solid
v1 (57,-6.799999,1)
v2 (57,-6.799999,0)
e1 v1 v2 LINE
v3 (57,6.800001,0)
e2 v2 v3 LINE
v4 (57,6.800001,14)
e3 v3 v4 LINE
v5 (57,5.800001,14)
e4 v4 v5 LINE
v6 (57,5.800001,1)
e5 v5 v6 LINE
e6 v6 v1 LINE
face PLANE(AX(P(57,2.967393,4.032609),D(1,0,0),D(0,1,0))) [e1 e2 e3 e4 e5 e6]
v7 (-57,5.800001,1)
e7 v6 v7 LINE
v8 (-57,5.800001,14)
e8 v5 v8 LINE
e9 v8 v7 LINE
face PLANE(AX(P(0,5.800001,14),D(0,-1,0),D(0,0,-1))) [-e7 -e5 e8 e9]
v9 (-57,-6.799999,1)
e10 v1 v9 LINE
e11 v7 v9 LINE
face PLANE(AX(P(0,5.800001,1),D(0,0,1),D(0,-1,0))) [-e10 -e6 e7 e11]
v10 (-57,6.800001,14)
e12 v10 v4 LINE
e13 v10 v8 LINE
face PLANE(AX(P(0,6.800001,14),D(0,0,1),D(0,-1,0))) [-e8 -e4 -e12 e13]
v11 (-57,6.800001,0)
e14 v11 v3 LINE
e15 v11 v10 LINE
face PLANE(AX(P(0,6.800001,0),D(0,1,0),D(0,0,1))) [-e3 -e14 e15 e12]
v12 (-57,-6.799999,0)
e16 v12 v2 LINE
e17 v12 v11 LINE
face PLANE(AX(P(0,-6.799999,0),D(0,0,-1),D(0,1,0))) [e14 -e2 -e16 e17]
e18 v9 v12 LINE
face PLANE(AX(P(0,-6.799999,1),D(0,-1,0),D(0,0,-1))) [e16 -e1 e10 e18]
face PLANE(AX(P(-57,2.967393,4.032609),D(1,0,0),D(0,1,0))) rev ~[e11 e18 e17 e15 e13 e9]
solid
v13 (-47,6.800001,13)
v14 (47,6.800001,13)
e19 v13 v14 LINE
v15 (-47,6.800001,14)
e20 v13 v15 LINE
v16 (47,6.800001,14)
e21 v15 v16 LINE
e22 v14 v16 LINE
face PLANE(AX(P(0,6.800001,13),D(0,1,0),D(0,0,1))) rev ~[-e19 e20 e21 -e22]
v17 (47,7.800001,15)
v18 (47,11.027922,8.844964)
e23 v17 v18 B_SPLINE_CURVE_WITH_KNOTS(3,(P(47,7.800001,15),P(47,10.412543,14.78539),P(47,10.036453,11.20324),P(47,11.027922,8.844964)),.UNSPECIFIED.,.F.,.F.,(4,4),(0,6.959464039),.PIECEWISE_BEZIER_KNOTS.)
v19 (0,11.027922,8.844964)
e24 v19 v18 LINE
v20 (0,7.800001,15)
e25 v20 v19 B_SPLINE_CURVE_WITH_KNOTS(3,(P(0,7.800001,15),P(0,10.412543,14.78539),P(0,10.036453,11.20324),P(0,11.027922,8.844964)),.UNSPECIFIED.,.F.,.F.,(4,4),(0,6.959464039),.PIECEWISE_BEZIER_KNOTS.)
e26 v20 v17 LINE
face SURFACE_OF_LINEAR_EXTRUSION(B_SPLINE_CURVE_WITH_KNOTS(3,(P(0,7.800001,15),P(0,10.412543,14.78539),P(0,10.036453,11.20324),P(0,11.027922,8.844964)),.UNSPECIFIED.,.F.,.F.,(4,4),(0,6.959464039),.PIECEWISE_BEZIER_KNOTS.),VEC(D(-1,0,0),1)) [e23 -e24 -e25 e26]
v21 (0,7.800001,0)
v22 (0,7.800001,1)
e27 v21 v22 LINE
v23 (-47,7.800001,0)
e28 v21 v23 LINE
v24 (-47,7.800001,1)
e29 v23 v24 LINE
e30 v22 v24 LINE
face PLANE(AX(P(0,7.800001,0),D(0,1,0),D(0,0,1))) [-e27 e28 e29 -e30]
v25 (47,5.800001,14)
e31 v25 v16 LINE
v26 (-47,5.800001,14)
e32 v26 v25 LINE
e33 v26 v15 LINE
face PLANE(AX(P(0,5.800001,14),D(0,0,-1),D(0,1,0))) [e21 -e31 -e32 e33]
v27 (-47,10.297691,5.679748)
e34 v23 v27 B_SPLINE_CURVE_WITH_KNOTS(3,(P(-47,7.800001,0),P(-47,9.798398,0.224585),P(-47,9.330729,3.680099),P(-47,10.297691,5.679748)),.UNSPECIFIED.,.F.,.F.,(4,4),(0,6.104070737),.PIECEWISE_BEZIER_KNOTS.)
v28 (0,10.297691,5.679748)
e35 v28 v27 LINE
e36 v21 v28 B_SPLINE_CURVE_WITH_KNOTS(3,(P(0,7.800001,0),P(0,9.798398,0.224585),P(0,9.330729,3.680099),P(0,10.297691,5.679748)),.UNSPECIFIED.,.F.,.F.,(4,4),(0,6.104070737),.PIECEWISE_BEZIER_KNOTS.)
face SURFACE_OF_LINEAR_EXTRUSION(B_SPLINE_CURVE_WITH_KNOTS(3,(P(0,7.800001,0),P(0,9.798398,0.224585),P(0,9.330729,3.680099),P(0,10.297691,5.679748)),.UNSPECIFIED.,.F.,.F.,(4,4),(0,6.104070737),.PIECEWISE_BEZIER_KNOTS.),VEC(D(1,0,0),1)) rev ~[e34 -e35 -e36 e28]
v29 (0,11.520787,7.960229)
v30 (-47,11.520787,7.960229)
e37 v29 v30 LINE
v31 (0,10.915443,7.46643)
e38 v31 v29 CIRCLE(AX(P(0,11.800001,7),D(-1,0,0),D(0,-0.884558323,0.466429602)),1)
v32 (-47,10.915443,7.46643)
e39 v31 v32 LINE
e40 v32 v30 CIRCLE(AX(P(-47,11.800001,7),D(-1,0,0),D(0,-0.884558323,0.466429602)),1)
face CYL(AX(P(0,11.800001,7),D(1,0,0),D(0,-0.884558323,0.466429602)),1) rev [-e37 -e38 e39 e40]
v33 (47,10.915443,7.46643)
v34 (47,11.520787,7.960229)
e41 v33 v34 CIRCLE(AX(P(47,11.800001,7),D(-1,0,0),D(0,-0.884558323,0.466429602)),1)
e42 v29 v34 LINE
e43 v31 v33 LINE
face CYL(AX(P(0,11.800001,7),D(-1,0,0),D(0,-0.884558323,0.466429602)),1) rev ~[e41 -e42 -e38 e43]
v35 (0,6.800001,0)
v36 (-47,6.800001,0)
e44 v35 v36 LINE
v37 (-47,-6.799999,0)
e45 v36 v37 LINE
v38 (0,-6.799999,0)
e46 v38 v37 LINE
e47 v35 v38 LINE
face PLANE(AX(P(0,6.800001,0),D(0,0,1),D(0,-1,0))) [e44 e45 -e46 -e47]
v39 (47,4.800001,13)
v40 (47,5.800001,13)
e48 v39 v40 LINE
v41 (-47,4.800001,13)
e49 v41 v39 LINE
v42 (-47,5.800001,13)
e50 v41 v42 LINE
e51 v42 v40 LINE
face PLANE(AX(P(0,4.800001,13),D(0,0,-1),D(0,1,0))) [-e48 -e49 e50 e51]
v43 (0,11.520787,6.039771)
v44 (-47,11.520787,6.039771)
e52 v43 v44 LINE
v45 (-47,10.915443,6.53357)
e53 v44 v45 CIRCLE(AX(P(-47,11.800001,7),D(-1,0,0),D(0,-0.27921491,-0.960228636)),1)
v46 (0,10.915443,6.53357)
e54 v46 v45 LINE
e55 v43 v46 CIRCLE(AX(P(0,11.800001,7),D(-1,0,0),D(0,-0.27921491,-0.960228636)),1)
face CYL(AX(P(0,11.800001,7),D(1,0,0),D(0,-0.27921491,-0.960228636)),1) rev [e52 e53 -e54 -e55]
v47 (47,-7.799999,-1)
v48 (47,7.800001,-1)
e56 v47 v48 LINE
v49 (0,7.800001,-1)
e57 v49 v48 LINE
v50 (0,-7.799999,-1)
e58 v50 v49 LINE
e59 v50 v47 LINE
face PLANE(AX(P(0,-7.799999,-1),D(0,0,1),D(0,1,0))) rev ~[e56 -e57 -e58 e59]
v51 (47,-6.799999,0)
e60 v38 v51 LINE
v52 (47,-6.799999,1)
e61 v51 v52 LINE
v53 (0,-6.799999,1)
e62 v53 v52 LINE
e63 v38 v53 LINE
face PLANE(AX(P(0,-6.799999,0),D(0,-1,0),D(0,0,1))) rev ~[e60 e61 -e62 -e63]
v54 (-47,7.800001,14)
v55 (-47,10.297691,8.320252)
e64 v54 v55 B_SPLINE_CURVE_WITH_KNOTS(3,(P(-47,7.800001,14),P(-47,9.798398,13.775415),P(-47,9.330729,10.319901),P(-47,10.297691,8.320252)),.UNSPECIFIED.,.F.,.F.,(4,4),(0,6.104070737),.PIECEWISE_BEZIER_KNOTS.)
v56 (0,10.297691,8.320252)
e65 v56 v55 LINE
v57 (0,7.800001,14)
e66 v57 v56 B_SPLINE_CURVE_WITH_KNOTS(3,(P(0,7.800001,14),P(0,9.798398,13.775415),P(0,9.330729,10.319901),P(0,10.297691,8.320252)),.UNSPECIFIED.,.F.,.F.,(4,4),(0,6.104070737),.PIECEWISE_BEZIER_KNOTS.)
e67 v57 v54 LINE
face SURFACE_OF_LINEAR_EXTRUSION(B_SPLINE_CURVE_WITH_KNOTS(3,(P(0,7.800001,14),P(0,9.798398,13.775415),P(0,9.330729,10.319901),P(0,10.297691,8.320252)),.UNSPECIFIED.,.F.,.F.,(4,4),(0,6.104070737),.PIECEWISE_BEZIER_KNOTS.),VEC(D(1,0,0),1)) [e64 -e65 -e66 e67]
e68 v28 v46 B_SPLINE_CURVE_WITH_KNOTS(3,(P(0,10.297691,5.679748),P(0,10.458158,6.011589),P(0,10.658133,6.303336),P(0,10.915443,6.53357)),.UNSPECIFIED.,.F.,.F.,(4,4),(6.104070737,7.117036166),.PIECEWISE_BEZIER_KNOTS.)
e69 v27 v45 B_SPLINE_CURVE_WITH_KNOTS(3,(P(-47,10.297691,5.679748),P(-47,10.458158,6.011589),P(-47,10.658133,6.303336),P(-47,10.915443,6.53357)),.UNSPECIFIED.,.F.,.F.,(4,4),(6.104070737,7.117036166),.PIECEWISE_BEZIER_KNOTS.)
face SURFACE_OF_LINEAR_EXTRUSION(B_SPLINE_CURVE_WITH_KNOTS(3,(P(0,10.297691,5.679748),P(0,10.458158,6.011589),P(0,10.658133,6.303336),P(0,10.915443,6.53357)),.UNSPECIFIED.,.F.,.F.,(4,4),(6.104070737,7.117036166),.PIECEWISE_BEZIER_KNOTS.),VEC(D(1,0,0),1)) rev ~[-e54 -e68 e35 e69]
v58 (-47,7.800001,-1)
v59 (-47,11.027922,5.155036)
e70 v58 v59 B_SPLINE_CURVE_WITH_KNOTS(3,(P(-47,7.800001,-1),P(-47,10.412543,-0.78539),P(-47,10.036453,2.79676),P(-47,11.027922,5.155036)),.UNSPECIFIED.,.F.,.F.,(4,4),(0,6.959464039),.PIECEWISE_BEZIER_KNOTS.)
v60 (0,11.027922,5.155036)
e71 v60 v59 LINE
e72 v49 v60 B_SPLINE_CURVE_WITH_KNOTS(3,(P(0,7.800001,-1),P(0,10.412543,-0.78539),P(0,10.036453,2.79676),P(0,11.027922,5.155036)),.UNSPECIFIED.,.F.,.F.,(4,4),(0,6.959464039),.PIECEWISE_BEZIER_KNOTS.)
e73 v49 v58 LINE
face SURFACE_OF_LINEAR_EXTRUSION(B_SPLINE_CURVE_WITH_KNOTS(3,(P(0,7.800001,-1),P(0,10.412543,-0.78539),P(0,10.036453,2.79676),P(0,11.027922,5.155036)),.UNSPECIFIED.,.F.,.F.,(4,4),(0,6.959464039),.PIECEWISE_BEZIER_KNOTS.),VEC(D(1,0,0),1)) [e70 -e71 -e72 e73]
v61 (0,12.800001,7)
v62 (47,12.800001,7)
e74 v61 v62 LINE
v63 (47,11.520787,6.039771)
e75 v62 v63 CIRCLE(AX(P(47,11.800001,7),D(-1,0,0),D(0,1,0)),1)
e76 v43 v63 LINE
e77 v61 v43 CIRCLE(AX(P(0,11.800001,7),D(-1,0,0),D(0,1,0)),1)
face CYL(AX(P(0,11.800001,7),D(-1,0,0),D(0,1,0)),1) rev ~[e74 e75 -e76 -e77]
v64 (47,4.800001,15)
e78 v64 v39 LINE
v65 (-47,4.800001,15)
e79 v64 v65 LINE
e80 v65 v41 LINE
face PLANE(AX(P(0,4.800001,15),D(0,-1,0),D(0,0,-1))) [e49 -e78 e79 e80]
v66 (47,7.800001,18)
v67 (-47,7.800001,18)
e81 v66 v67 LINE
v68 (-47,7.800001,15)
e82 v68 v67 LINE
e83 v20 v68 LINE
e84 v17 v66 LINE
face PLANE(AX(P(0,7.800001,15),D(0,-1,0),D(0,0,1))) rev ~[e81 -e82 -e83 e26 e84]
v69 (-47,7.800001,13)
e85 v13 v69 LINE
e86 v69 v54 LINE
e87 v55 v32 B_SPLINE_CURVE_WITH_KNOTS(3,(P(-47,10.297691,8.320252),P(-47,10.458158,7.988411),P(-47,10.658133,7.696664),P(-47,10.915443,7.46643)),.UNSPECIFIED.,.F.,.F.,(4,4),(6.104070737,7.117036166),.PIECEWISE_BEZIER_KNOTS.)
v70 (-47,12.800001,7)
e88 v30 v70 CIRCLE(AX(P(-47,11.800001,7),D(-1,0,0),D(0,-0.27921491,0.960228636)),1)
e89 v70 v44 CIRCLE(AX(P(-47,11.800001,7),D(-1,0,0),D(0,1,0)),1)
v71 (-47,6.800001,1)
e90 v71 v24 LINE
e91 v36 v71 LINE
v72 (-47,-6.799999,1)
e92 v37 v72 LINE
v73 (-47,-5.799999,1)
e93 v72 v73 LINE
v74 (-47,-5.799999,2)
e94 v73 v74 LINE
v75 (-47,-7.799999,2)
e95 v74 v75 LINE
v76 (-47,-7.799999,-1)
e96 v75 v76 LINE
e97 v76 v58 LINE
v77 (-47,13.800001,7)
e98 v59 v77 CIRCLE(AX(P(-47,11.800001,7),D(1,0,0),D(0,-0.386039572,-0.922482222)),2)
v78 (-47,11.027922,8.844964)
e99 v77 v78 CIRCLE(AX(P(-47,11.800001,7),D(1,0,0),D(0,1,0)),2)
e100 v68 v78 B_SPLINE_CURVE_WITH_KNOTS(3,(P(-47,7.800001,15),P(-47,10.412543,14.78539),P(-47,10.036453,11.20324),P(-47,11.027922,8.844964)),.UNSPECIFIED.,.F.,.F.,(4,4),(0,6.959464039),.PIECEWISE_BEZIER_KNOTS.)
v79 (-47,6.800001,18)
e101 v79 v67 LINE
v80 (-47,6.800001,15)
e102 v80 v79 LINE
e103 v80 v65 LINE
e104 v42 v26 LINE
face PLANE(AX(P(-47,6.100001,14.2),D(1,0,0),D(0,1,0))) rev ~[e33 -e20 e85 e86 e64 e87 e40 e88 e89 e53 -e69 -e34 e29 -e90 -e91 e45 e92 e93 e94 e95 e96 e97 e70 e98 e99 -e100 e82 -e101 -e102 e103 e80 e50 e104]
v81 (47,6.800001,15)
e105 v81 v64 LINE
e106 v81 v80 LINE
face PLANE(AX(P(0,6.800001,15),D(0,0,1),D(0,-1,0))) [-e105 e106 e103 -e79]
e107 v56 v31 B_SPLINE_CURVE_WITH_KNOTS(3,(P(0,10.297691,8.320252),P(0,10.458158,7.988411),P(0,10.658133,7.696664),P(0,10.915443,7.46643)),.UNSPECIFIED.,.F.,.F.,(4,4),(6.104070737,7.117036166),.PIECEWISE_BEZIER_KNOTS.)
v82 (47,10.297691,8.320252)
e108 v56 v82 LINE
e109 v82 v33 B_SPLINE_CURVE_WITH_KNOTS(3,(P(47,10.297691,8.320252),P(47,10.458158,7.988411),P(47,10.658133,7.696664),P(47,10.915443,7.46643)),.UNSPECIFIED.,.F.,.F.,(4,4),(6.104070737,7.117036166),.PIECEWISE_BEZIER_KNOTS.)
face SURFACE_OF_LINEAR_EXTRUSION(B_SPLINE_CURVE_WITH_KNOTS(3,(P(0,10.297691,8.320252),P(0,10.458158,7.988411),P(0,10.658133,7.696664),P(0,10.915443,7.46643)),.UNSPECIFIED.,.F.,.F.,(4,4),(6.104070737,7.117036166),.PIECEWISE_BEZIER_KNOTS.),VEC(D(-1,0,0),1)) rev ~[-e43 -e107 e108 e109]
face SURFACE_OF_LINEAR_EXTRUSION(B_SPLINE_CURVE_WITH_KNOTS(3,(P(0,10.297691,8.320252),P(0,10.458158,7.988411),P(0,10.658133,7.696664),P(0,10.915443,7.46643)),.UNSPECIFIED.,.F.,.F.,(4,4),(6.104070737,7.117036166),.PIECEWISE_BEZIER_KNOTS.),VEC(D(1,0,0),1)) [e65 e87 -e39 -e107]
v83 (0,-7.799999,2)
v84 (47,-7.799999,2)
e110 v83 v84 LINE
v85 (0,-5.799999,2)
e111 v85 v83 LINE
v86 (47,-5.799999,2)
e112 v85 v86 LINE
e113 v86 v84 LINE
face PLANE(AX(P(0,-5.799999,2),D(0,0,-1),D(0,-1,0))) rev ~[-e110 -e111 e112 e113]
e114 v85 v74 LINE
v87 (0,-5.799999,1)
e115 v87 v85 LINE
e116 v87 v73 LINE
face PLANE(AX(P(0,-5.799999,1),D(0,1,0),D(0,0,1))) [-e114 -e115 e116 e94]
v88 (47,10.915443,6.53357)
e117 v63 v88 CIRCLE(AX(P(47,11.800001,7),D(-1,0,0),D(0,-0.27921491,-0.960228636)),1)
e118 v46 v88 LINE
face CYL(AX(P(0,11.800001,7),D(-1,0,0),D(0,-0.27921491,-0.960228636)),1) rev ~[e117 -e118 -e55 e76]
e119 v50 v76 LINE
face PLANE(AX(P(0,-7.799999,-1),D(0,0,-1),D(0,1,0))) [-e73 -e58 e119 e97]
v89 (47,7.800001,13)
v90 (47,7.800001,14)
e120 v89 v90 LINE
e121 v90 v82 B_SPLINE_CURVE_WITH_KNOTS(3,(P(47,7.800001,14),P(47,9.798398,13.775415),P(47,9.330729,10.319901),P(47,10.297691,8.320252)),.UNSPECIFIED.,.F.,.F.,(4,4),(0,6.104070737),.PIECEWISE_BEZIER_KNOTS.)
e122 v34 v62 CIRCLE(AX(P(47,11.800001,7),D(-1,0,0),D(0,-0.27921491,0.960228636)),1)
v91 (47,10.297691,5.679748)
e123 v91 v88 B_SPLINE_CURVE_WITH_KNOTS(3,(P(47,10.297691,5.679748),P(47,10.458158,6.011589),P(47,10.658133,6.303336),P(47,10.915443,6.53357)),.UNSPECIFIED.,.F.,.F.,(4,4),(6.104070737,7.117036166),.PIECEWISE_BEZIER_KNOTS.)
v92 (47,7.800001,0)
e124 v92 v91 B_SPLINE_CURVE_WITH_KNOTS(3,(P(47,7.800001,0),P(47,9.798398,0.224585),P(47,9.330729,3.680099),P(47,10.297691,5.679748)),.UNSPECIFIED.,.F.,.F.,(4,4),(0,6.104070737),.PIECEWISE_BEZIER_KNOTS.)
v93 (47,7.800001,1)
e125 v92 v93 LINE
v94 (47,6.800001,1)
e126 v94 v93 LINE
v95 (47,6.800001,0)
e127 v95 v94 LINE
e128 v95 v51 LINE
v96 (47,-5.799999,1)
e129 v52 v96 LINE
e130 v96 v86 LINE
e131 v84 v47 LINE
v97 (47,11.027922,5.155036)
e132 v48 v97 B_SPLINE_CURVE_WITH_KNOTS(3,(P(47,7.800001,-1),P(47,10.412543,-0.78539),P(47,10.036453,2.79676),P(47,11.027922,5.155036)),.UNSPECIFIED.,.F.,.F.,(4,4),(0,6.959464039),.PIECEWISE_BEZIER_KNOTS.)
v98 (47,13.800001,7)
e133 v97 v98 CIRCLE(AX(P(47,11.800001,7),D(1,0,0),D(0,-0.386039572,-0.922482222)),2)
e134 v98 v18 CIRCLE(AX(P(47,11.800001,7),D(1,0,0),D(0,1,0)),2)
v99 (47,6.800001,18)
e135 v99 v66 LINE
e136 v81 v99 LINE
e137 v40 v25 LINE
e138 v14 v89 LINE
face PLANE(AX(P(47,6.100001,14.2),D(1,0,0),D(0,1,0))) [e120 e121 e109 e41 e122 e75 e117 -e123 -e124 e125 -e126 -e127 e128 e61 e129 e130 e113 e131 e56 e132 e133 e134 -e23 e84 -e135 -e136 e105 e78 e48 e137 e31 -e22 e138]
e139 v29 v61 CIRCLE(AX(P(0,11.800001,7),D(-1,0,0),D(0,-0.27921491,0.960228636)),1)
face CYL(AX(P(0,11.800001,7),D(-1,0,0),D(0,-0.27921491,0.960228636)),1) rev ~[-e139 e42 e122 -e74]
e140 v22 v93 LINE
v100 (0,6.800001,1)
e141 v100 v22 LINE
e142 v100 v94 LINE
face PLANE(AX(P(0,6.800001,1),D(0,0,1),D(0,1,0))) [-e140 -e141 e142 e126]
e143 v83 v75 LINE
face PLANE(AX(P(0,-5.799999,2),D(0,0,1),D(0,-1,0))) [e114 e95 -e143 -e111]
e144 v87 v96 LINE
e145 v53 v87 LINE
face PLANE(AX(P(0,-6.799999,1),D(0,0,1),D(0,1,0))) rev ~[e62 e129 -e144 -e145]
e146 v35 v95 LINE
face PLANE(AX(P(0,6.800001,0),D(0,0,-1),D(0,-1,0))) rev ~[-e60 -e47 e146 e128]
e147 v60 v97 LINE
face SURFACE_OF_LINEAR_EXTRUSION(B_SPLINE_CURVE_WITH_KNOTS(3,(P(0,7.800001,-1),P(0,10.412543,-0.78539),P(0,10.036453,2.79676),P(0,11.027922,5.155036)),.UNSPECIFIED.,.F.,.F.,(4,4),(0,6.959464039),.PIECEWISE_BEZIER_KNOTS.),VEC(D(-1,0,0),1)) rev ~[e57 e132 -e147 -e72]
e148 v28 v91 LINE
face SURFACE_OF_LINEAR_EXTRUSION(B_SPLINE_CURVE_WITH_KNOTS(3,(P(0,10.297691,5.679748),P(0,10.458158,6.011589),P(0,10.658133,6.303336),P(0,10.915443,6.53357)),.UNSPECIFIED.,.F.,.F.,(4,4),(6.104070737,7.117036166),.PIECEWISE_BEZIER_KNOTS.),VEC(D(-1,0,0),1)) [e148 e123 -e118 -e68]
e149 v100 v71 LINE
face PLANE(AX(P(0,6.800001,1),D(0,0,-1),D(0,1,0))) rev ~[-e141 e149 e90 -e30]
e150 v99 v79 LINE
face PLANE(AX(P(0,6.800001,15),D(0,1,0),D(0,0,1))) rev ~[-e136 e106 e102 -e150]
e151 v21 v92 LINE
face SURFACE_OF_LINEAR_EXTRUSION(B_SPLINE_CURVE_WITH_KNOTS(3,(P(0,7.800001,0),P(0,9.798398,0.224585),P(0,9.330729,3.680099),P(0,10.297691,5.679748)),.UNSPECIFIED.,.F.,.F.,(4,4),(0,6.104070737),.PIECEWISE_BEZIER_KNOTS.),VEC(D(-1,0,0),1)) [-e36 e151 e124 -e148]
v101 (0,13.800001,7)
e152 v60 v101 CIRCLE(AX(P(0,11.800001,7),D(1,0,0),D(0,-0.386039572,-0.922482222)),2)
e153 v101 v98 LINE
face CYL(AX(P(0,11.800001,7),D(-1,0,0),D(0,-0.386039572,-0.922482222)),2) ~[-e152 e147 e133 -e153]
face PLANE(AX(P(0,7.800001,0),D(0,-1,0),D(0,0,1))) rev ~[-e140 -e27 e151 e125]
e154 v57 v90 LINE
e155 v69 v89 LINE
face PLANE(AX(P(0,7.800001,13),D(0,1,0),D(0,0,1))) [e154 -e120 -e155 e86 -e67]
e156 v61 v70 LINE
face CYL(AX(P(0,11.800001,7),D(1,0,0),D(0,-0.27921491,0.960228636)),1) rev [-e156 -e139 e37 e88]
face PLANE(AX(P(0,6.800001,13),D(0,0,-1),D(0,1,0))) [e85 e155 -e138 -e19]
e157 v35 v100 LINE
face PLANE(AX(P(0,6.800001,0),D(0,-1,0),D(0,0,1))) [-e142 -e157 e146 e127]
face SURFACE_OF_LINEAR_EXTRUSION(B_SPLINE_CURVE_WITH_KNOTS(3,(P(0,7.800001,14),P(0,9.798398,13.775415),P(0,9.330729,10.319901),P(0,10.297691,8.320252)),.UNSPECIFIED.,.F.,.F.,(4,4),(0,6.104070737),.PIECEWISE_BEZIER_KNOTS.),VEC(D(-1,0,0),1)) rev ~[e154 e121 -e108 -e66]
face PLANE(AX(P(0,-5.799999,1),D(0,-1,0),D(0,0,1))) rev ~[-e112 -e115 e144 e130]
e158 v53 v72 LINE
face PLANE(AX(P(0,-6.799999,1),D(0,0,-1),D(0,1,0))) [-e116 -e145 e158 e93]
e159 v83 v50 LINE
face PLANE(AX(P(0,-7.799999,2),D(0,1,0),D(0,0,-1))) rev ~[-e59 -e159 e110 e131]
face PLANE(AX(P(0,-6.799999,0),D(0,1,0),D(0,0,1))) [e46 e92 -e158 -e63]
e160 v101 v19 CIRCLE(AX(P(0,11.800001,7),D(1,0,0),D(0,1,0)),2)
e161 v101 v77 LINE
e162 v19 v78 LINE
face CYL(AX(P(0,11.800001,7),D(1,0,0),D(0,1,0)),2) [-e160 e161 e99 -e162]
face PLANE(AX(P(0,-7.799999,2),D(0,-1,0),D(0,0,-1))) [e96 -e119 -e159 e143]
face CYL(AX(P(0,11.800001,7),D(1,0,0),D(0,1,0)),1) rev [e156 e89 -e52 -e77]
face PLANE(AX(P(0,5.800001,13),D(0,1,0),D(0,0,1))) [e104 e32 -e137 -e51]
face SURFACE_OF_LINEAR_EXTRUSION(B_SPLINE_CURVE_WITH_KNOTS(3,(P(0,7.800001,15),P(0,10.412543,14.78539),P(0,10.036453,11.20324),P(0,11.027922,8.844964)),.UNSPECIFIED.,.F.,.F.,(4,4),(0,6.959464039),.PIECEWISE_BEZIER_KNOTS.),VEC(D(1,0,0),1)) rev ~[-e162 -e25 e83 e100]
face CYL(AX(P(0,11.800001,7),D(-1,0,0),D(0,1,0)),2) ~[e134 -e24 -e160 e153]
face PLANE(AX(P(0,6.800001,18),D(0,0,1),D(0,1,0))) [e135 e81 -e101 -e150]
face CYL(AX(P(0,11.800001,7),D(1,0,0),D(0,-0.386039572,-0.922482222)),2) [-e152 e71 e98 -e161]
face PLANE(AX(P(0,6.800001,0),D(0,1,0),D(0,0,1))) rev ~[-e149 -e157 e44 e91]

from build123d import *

# Parameters (mm, degrees)
F2_DEPTH = 57
F3_W     = 1
F3_H     = 3
F3_H_2   = 1
F4_DEPTH = 47


with BuildPart() as f2:
    # F1 (on Right) → F2 (new body, symmetric)
    with BuildSketch(Plane.YZ):
        Polygon((-6.7999985522, 1), (-6.7999985522, 0), (6.8000014478, 0), (6.8000014478, 14), (5.8000014478, 14), (5.8000014478, 1), align=None)
    extrude(amount=F2_DEPTH, both=True)


with BuildPart() as f4:
    # F3 (on Right) → F4 (new body, symmetric)
    with BuildSketch(Plane.YZ):
        Polygon((6.8000014478, 15), (5.8000014478, 15), (4.8000014478, 15), (4.8000014478, 13), (5.8000014478, 13), (5.8000014478, 14), (6.8000014478, 14), (7.8000014478, 14), (7.8000014478, 15), align=None)
        with Locations((7.3000014478, 16.5)):
            Rectangle(F3_W, F3_H)
        with BuildLine():
            add(Edge.make_bspline(
                [(7.8000014478, 15), (10.4125428975, 14.7853896119), (10.0364527538, 11.2032403116), (11.0279223045, 8.8449644431)],
                knots=[0, 0, 0, 0, 6.9594640385, 6.9594640385, 6.9594640385, 6.9594640385], degree=3))
            Line((7.8000014478, 15), (7.8000014478, 14))
            add(Edge.make_bspline(
                [(7.8000014478, 14), (9.7983983028, 13.7754146835), (9.3307289002, 10.3199013559), (10.2976912692, 8.3202515394)],
                knots=[0, 0, 0, 0, 6.1040707371, 6.1040707371, 6.1040707371, 6.1040707371], degree=3))
            ThreePointArc((10.2976912692, 8.3202515394), (10.6329356378, 8.6241789911), (11.0279223045, 8.8449644431))
        make_face()
        with BuildLine():
            add(Edge.make_bspline(
                [(11.0279223045, 8.8449644431), (11.1631061499, 8.5234207304), (11.3237135997, 8.224629424), (11.5207865382, 7.9602286364)],
                knots=[6.9594640385, 6.9594640385, 6.9594640385, 6.9594640385, 7.9083657068, 7.9083657068, 7.9083657068, 7.9083657068], degree=3))
            ThreePointArc((11.0279223045, 8.8449644431), (10.6329356378, 8.6241789911), (10.2976912692, 8.3202515394))
            add(Edge.make_bspline(
                [(10.2976912692, 8.3202515394), (10.4581578648, 7.9884113264), (10.6581329635, 7.6966643201), (10.9154431248, 7.4664296015)],
                knots=[6.1040707371, 6.1040707371, 6.1040707371, 6.1040707371, 7.1170361657, 7.1170361657, 7.1170361657, 7.1170361657], degree=3))
            ThreePointArc((10.9154431248, 7.4664296015), (11.16790066, 7.7748861813), (11.5207865382, 7.9602286364))
        make_face()
        with BuildLine():
            ThreePointArc((13.8000014478, 7), (12.9081173518, 8.6649561986), (11.0279223045, 8.8449644431))
            add(Edge.make_bspline(
                [(11.0279223045, 8.8449644431), (11.1631061499, 8.5234207304), (11.3237135997, 8.224629424), (11.5207865382, 7.9602286364)],
                knots=[6.9594640385, 6.9594640385, 6.9594640385, 6.9594640385, 7.9083657068, 7.9083657068, 7.9083657068, 7.9083657068], degree=3))
            ThreePointArc((11.5207865382, 7.9602286364), (12.4003284796, 7.7997546216), (12.8000014478, 7))
            ThreePointArc((12.8000014478, 7), (12.4003284796, 6.2002453784), (11.5207865382, 6.0397713636))
            add(Edge.make_bspline(
                [(11.0279223045, 5.1550355569), (11.1631061499, 5.4765792696), (11.3237135997, 5.775370576), (11.5207865382, 6.0397713636)],
                knots=[6.9594640385, 6.9594640385, 6.9594640385, 6.9594640385, 7.9083657068, 7.9083657068, 7.9083657068, 7.9083657068], degree=3))
            ThreePointArc((11.0279223045, 5.1550355569), (12.9081173518, 5.3350438014), (13.8000014478, 7))
        make_face()
        with BuildLine():
            add(Edge.make_bspline(
                [(10.2976912692, 5.6797484606), (10.4581578648, 6.0115886736), (10.6581329635, 6.3033356799), (10.9154431248, 6.5335703985)],
                knots=[6.1040707371, 6.1040707371, 6.1040707371, 6.1040707371, 7.1170361657, 7.1170361657, 7.1170361657, 7.1170361657], degree=3))
            ThreePointArc((10.2976912692, 5.6797484606), (10.6329356378, 5.3758210089), (11.0279223045, 5.1550355569))
            add(Edge.make_bspline(
                [(11.0279223045, 5.1550355569), (11.1631061499, 5.4765792696), (11.3237135997, 5.775370576), (11.5207865382, 6.0397713636)],
                knots=[6.9594640385, 6.9594640385, 6.9594640385, 6.9594640385, 7.9083657068, 7.9083657068, 7.9083657068, 7.9083657068], degree=3))
            ThreePointArc((11.5207865382, 6.0397713636), (11.16790066, 6.2251138187), (10.9154431248, 6.5335703985))
        make_face()
        with BuildLine():
            ThreePointArc((11.0279223045, 5.1550355569), (10.6329356378, 5.3758210089), (10.2976912692, 5.6797484606))
            add(Edge.make_bspline(
                [(7.8000014478, 0), (9.7983983028, 0.2245853165), (9.3307289002, 3.6800986441), (10.2976912692, 5.6797484606)],
                knots=[0, 0, 0, 0, 6.1040707371, 6.1040707371, 6.1040707371, 6.1040707371], degree=3))
            Line((7.8000014478, 0), (7.8000014478, -1))
            add(Edge.make_bspline(
                [(7.8000014478, -1), (10.4125428975, -0.7853896119), (10.0364527538, 2.7967596884), (11.0279223045, 5.1550355569)],
                knots=[0, 0, 0, 0, 6.9594640385, 6.9594640385, 6.9594640385, 6.9594640385], degree=3))
        make_face()
        Polygon((7.8000014478, -1), (7.8000014478, 0), (6.8000014478, 0), (-6.7999985522, 0), (-6.7999985522, 1), (-5.7999985522, 1), (-5.7999985522, 2), (-7.7999985522, 2), (-7.7999985522, 1), (-7.7999985522, -1), align=None)
        with Locations((7.3000014478, 13.5)):
            Rectangle(F3_W, F3_H_2)
        with Locations((7.3000014478, 0.5)):
            Rectangle(F3_W, F3_H_2)
    extrude(amount=F4_DEPTH, both=True)


solid = Compound([f2.part, f4.part])
